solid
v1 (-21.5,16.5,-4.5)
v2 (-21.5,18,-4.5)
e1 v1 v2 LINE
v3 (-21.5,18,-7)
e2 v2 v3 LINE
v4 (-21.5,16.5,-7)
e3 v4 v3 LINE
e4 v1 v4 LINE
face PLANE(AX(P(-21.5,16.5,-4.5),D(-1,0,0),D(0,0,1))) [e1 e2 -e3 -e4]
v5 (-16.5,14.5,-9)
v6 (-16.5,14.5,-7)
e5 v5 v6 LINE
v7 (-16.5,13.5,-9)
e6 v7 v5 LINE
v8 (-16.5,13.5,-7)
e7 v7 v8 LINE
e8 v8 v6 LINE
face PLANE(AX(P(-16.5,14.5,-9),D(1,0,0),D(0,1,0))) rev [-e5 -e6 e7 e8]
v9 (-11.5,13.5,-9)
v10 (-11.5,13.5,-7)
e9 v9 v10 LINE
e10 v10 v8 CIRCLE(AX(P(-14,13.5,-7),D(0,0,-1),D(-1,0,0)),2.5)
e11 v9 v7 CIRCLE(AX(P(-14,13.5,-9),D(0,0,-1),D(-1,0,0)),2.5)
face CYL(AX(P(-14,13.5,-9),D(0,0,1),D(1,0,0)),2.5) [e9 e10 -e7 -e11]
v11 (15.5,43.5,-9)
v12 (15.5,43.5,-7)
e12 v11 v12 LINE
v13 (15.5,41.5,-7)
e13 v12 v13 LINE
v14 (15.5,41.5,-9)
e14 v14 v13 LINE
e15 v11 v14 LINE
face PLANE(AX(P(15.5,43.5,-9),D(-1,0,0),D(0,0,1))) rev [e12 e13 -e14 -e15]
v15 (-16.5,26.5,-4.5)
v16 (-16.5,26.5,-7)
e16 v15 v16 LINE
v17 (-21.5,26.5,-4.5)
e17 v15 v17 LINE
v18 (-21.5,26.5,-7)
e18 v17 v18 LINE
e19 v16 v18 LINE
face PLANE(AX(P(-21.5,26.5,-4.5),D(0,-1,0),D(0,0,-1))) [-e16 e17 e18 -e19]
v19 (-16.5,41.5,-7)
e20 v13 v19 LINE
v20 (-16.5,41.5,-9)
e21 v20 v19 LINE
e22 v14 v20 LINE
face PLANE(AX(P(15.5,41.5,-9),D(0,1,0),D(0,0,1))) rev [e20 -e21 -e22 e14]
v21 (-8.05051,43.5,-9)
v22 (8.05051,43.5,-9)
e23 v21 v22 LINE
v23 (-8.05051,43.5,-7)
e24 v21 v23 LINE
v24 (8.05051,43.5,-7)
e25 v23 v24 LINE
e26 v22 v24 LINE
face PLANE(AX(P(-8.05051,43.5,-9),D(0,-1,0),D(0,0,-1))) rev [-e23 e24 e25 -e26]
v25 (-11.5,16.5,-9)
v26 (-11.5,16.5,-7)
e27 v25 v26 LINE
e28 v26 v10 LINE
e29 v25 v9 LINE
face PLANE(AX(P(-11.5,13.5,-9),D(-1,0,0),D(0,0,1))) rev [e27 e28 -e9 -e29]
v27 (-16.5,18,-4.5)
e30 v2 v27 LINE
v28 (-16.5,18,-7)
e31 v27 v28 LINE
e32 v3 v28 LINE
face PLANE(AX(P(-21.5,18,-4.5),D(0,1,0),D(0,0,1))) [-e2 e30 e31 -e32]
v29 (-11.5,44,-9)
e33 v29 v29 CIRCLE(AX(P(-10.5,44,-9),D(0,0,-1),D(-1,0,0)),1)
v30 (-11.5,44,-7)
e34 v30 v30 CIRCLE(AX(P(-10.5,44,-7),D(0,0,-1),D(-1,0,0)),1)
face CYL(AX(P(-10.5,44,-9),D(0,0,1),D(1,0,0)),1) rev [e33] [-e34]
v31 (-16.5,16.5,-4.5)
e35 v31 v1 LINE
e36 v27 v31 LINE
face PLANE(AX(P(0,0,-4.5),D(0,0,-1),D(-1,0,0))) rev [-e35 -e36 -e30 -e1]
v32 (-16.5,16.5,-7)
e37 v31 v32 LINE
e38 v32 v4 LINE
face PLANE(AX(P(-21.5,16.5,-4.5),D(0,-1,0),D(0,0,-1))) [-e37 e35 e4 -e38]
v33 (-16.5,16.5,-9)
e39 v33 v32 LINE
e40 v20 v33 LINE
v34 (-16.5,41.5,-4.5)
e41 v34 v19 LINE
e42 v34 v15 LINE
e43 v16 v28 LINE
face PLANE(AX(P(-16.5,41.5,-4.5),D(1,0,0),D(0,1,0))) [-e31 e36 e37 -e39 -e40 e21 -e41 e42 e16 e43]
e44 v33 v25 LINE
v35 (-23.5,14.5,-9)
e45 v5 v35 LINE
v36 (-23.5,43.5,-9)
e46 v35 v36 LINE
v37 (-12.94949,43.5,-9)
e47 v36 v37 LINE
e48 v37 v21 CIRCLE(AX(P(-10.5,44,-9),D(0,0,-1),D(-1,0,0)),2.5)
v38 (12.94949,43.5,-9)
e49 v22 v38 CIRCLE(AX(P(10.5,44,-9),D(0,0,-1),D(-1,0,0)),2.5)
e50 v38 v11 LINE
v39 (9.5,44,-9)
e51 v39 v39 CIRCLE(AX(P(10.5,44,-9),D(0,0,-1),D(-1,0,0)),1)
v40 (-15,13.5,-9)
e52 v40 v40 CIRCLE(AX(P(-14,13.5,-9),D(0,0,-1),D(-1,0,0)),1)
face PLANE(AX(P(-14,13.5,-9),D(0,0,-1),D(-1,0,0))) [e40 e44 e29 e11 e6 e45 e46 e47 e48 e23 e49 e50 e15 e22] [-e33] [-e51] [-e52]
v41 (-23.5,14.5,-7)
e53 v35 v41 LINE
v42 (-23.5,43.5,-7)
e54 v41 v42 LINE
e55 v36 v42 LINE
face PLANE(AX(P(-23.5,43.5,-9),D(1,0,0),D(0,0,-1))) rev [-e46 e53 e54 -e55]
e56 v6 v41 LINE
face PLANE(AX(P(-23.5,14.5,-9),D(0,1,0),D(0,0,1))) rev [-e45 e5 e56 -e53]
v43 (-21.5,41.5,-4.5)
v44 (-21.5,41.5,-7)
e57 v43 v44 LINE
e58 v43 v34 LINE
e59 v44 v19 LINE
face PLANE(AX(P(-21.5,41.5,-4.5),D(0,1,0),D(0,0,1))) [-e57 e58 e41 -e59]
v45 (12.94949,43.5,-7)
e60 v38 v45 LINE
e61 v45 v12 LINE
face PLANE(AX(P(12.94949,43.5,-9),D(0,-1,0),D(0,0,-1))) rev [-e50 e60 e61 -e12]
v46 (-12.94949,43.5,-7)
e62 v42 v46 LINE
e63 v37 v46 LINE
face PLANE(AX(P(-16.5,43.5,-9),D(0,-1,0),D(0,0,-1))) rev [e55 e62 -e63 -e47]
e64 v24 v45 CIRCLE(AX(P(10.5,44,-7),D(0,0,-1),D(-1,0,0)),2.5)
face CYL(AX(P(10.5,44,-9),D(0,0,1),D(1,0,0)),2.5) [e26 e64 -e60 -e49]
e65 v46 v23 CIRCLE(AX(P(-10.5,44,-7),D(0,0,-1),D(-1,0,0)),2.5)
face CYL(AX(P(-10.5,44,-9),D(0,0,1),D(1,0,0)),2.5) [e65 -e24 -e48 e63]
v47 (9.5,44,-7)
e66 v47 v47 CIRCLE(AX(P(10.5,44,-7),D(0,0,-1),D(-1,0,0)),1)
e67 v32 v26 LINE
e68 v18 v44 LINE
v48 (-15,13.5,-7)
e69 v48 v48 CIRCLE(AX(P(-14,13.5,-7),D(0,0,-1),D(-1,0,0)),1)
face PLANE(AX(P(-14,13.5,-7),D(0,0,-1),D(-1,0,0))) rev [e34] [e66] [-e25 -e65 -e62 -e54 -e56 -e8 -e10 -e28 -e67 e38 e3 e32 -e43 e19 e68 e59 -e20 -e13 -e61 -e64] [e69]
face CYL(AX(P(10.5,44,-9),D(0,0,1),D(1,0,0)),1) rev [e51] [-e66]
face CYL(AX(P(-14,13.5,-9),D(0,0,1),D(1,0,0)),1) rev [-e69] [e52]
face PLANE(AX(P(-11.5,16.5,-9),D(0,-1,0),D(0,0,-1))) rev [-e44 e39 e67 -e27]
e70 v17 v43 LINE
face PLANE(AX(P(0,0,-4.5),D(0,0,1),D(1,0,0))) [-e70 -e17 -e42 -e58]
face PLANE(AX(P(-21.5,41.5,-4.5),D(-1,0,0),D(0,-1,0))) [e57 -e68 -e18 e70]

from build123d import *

# Parameters (mm, degrees)
SKETCH1_W          = 5
SKETCH1_H          = 15
CLAMP_PART_DEPTH   = 2.5
SKETCH1_H_2        = 1.5
CLAMP_PART_2_DEPTH = 2.5
SKETCH2_R          = 1
OUTSIDE_DEPTH      = 2


with BuildPart() as part:
    # Sketch1 → Clamp part (new body)
    with BuildSketch(Plane(origin=(0, 0, -7), x_dir=(-1, 0, 0), z_dir=(0, 0, -1))):
        with Locations((19, 34)):
            Rectangle(SKETCH1_W, SKETCH1_H)
    extrude(amount=-CLAMP_PART_DEPTH)



with BuildPart() as body_2:
    # Sketch1 → Clamp part 2 (new body)
    with BuildSketch(Plane(origin=(0, 0, -7), x_dir=(-1, 0, 0), z_dir=(0, 0, -1))):
        with Locations((19, 17.25)):
            Rectangle(SKETCH1_W, SKETCH1_H_2)
    extrude(amount=-CLAMP_PART_2_DEPTH)


with BuildPart() as part_1:
    add(part.part)

    add(body_2.part)  # Outside merges body 2
    # Sketch2 → Outside (add)
    with BuildSketch(Plane(origin=(0, 0, -7), x_dir=(-1, 0, 0), z_dir=(0, 0, -1))):
        with BuildLine():
            Line((23.5, 43.5), (16.5, 43.5))
            Line((16.5, 43.5), (12.949489743, 43.5))
            ThreePointArc((12.949489743, 43.5), (10.5, 46.5), (8.050510257, 43.5))
            Line((8.050510257, 43.5), (-8.050510257, 43.5))
            ThreePointArc((-8.050510257, 43.5), (-10.5, 46.5), (-12.949489743, 43.5))
            Line((-12.949489743, 43.5), (-15.5, 43.5))
            Line((-15.5, 43.5), (-15.5, 41.5))
            Line((-15.5, 41.5), (16.5, 41.5))
            Line((16.5, 41.5), (16.5, 16.5))
            Line((16.5, 16.5), (11.5, 16.5))
            Line((11.5, 16.5), (11.5, 13.5))
            ThreePointArc((11.5, 13.5), (14, 11), (16.5, 13.5))
            Line((16.5, 13.5), (16.5, 14.5))
            Line((16.5, 14.5), (23.5, 14.5))
            Line((23.5, 14.5), (23.5, 43.5))
        make_face()
        with Locations((-10.5, 44)):
            Circle(SKETCH2_R, mode=Mode.SUBTRACT)
        with Locations((10.5, 44)):
            Circle(SKETCH2_R, mode=Mode.SUBTRACT)
        with Locations((14, 13.5)):
            Circle(SKETCH2_R, mode=Mode.SUBTRACT)
    extrude(amount=OUTSIDE_DEPTH)


solid = part_1.part
